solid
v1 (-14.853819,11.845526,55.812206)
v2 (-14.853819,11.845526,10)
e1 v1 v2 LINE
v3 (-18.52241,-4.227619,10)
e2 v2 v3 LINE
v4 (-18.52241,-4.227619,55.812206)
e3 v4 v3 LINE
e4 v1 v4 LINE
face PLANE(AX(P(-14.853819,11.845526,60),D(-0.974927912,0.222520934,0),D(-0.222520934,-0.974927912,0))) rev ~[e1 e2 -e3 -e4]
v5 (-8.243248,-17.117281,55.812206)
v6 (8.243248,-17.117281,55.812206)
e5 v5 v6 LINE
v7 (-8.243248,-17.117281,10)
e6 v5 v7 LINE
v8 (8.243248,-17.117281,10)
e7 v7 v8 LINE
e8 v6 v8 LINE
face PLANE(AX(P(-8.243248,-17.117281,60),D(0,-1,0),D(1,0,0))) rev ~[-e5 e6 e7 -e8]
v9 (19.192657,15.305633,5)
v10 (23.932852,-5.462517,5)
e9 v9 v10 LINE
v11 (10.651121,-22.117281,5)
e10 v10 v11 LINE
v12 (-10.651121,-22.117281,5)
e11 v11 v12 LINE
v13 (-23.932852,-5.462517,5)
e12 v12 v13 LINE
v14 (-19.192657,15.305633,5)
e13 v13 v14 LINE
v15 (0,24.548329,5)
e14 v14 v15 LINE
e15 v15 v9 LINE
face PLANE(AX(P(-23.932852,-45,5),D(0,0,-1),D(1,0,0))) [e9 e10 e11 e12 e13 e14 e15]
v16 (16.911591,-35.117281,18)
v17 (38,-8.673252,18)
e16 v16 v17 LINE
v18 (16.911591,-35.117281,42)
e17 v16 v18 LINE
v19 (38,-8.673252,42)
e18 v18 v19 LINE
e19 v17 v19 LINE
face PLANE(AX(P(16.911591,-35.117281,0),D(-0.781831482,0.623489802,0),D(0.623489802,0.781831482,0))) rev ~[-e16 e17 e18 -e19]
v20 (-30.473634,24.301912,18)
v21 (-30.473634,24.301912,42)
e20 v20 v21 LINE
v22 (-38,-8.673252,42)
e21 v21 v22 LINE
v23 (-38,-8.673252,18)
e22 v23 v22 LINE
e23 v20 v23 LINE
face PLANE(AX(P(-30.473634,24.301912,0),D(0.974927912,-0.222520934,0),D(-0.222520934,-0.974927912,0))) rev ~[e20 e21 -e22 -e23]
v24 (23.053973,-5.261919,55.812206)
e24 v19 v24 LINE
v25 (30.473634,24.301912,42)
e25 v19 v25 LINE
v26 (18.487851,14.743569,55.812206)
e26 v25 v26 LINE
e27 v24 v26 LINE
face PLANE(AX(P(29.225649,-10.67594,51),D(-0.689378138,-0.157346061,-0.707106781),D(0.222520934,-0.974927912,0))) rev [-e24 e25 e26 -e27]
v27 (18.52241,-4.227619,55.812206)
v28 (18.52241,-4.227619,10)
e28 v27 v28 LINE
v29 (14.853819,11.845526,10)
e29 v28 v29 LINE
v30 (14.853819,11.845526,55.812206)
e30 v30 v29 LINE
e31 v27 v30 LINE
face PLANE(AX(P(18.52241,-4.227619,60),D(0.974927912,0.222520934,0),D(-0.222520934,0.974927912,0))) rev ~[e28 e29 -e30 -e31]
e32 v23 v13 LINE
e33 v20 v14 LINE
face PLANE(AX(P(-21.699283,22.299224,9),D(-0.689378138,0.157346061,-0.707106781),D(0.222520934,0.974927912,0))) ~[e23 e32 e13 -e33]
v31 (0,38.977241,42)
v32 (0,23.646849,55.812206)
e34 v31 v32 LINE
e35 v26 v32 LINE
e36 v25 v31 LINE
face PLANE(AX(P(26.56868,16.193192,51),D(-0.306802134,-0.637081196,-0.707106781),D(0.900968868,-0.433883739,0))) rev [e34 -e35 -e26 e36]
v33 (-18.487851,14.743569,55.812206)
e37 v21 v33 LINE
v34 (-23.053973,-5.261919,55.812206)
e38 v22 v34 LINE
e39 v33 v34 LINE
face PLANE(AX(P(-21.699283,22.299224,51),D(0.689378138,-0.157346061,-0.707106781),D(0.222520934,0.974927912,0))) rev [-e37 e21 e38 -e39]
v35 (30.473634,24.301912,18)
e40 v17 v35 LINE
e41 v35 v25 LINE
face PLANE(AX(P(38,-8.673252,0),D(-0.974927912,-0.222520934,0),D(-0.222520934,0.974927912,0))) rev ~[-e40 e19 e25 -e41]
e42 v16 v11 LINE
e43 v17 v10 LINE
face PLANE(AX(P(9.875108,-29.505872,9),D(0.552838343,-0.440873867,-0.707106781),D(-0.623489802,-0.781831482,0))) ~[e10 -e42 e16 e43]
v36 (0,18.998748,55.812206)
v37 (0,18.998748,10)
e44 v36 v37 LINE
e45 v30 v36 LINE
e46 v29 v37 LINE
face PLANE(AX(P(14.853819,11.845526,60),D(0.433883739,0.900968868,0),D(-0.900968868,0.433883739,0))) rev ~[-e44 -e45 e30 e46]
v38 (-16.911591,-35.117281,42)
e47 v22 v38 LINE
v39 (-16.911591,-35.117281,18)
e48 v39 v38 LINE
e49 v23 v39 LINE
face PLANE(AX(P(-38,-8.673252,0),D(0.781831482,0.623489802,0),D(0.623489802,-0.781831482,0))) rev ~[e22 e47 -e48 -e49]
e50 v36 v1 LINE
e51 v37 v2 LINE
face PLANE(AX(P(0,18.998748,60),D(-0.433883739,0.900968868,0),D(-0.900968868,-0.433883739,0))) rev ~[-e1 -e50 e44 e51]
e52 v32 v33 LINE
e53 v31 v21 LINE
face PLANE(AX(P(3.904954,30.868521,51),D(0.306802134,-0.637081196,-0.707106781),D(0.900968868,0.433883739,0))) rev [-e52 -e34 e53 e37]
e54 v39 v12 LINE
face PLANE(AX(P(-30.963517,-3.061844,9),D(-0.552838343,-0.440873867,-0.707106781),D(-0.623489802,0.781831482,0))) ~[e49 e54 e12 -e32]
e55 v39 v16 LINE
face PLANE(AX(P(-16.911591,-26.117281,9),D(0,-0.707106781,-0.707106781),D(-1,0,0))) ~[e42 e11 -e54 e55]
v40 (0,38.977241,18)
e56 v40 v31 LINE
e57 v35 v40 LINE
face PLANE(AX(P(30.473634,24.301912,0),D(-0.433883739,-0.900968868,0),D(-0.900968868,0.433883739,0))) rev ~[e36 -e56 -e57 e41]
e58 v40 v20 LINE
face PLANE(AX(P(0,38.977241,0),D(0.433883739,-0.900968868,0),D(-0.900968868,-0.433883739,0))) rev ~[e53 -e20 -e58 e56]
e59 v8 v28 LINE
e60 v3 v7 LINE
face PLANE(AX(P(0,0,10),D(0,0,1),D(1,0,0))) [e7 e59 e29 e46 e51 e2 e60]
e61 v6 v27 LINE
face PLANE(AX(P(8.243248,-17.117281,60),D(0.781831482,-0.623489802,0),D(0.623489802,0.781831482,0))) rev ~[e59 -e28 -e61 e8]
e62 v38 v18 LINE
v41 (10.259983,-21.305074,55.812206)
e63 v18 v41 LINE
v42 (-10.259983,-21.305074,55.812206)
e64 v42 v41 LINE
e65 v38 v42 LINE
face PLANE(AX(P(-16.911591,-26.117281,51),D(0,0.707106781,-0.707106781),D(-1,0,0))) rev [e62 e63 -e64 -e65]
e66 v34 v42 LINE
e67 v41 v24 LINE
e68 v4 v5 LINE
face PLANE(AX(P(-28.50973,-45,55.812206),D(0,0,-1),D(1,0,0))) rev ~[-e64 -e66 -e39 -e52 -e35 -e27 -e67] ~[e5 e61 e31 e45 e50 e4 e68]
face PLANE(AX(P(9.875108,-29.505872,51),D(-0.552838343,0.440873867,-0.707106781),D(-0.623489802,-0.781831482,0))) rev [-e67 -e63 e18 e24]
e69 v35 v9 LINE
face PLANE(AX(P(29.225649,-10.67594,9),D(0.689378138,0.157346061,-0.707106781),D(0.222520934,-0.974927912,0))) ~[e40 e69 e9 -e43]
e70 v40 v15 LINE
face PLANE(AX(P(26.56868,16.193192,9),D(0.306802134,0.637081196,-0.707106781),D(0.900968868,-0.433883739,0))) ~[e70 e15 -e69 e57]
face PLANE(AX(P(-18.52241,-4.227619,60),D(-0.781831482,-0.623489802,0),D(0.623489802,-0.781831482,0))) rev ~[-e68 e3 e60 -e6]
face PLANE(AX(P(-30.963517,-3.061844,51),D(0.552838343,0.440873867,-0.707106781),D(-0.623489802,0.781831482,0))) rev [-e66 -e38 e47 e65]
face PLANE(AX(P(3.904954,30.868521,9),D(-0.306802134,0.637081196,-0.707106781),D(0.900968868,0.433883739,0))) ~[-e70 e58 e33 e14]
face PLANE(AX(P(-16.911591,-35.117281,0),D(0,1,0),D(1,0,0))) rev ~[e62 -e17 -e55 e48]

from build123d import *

# Parameters (mm, degrees)
F1_DEPTH = 60
F2_SIZE  = 18
F4_DEPTH = 50
F6_W     = 58.8767696172
F6_H     = 9.2865563929
F7_DEPTH = 90
F8_W     = 55
F8_H     = 5
F9_DEPTH = 100


with BuildPart() as f1:
    # F0 (on Top) → F1 (new body)
    with BuildSketch(Plane.XY):
        Polygon((-16.9115909807, -35.1172805215), (16.9115909807, -35.1172805215), (38, -8.6732520268), (30.4736339606, 24.3019121461), (0, 38.9772408044), (-30.4736339606, 24.3019121461), (-38, -8.6732520268), align=None)
    extrude(amount=F1_DEPTH)

    # F2
    f2_edges = [f1.edges().sort_by_distance(p)[0] for p in [
        (0, -35.117281, 0),
        (27.455795, -21.895266, 0),
        (34.236817, 7.81433, 0),
        (15.236817, 31.639576, 0),
        (-15.236817, 31.639576, 0),
        (-34.236817, 7.81433, 0),
        (-27.455795, -21.895266, 0),
        (0, -35.117281, 60),
        (27.455795, -21.895266, 60),
        (34.236817, 7.81433, 60),
        (15.236817, 31.639576, 60),
        (-15.236817, 31.639576, 60),
        (-34.236817, 7.81433, 60),
        (-27.455795, -21.895266, 60),
    ]]
    chamfer(f2_edges, length=F2_SIZE)

    # F3 (on face) → F4 (cut)
    with BuildSketch(Plane.XY.offset(60)):
        Polygon((-18.5224097697, -4.2276191599), (-8.2432478421, -17.1172805215), (8.2432478421, -17.1172805215), (18.5224097697, -4.2276191599), (14.8538193524, 11.8455256568), (0, 18.9987480492), (-14.8538193524, 11.8455256568), align=None)
    extrude(amount=-F4_DEPTH, mode=Mode.SUBTRACT)

    # F6 (on offset) → F7 (cut)
    with BuildSketch(Plane.XZ.offset(45)):
        with Locations((0.9286543354, 60.4554843158)):
            Rectangle(F6_W, F6_H)
    extrude(amount=-F7_DEPTH, mode=Mode.SUBTRACT)

    # F8 (on offset) → F9 (cut)
    with BuildSketch(Plane.XZ.offset(45)):
        with Locations((3.5671484997, 2.5)):
            Rectangle(F8_W, F8_H)
    extrude(amount=-F9_DEPTH, mode=Mode.SUBTRACT)


solid = f1.part
